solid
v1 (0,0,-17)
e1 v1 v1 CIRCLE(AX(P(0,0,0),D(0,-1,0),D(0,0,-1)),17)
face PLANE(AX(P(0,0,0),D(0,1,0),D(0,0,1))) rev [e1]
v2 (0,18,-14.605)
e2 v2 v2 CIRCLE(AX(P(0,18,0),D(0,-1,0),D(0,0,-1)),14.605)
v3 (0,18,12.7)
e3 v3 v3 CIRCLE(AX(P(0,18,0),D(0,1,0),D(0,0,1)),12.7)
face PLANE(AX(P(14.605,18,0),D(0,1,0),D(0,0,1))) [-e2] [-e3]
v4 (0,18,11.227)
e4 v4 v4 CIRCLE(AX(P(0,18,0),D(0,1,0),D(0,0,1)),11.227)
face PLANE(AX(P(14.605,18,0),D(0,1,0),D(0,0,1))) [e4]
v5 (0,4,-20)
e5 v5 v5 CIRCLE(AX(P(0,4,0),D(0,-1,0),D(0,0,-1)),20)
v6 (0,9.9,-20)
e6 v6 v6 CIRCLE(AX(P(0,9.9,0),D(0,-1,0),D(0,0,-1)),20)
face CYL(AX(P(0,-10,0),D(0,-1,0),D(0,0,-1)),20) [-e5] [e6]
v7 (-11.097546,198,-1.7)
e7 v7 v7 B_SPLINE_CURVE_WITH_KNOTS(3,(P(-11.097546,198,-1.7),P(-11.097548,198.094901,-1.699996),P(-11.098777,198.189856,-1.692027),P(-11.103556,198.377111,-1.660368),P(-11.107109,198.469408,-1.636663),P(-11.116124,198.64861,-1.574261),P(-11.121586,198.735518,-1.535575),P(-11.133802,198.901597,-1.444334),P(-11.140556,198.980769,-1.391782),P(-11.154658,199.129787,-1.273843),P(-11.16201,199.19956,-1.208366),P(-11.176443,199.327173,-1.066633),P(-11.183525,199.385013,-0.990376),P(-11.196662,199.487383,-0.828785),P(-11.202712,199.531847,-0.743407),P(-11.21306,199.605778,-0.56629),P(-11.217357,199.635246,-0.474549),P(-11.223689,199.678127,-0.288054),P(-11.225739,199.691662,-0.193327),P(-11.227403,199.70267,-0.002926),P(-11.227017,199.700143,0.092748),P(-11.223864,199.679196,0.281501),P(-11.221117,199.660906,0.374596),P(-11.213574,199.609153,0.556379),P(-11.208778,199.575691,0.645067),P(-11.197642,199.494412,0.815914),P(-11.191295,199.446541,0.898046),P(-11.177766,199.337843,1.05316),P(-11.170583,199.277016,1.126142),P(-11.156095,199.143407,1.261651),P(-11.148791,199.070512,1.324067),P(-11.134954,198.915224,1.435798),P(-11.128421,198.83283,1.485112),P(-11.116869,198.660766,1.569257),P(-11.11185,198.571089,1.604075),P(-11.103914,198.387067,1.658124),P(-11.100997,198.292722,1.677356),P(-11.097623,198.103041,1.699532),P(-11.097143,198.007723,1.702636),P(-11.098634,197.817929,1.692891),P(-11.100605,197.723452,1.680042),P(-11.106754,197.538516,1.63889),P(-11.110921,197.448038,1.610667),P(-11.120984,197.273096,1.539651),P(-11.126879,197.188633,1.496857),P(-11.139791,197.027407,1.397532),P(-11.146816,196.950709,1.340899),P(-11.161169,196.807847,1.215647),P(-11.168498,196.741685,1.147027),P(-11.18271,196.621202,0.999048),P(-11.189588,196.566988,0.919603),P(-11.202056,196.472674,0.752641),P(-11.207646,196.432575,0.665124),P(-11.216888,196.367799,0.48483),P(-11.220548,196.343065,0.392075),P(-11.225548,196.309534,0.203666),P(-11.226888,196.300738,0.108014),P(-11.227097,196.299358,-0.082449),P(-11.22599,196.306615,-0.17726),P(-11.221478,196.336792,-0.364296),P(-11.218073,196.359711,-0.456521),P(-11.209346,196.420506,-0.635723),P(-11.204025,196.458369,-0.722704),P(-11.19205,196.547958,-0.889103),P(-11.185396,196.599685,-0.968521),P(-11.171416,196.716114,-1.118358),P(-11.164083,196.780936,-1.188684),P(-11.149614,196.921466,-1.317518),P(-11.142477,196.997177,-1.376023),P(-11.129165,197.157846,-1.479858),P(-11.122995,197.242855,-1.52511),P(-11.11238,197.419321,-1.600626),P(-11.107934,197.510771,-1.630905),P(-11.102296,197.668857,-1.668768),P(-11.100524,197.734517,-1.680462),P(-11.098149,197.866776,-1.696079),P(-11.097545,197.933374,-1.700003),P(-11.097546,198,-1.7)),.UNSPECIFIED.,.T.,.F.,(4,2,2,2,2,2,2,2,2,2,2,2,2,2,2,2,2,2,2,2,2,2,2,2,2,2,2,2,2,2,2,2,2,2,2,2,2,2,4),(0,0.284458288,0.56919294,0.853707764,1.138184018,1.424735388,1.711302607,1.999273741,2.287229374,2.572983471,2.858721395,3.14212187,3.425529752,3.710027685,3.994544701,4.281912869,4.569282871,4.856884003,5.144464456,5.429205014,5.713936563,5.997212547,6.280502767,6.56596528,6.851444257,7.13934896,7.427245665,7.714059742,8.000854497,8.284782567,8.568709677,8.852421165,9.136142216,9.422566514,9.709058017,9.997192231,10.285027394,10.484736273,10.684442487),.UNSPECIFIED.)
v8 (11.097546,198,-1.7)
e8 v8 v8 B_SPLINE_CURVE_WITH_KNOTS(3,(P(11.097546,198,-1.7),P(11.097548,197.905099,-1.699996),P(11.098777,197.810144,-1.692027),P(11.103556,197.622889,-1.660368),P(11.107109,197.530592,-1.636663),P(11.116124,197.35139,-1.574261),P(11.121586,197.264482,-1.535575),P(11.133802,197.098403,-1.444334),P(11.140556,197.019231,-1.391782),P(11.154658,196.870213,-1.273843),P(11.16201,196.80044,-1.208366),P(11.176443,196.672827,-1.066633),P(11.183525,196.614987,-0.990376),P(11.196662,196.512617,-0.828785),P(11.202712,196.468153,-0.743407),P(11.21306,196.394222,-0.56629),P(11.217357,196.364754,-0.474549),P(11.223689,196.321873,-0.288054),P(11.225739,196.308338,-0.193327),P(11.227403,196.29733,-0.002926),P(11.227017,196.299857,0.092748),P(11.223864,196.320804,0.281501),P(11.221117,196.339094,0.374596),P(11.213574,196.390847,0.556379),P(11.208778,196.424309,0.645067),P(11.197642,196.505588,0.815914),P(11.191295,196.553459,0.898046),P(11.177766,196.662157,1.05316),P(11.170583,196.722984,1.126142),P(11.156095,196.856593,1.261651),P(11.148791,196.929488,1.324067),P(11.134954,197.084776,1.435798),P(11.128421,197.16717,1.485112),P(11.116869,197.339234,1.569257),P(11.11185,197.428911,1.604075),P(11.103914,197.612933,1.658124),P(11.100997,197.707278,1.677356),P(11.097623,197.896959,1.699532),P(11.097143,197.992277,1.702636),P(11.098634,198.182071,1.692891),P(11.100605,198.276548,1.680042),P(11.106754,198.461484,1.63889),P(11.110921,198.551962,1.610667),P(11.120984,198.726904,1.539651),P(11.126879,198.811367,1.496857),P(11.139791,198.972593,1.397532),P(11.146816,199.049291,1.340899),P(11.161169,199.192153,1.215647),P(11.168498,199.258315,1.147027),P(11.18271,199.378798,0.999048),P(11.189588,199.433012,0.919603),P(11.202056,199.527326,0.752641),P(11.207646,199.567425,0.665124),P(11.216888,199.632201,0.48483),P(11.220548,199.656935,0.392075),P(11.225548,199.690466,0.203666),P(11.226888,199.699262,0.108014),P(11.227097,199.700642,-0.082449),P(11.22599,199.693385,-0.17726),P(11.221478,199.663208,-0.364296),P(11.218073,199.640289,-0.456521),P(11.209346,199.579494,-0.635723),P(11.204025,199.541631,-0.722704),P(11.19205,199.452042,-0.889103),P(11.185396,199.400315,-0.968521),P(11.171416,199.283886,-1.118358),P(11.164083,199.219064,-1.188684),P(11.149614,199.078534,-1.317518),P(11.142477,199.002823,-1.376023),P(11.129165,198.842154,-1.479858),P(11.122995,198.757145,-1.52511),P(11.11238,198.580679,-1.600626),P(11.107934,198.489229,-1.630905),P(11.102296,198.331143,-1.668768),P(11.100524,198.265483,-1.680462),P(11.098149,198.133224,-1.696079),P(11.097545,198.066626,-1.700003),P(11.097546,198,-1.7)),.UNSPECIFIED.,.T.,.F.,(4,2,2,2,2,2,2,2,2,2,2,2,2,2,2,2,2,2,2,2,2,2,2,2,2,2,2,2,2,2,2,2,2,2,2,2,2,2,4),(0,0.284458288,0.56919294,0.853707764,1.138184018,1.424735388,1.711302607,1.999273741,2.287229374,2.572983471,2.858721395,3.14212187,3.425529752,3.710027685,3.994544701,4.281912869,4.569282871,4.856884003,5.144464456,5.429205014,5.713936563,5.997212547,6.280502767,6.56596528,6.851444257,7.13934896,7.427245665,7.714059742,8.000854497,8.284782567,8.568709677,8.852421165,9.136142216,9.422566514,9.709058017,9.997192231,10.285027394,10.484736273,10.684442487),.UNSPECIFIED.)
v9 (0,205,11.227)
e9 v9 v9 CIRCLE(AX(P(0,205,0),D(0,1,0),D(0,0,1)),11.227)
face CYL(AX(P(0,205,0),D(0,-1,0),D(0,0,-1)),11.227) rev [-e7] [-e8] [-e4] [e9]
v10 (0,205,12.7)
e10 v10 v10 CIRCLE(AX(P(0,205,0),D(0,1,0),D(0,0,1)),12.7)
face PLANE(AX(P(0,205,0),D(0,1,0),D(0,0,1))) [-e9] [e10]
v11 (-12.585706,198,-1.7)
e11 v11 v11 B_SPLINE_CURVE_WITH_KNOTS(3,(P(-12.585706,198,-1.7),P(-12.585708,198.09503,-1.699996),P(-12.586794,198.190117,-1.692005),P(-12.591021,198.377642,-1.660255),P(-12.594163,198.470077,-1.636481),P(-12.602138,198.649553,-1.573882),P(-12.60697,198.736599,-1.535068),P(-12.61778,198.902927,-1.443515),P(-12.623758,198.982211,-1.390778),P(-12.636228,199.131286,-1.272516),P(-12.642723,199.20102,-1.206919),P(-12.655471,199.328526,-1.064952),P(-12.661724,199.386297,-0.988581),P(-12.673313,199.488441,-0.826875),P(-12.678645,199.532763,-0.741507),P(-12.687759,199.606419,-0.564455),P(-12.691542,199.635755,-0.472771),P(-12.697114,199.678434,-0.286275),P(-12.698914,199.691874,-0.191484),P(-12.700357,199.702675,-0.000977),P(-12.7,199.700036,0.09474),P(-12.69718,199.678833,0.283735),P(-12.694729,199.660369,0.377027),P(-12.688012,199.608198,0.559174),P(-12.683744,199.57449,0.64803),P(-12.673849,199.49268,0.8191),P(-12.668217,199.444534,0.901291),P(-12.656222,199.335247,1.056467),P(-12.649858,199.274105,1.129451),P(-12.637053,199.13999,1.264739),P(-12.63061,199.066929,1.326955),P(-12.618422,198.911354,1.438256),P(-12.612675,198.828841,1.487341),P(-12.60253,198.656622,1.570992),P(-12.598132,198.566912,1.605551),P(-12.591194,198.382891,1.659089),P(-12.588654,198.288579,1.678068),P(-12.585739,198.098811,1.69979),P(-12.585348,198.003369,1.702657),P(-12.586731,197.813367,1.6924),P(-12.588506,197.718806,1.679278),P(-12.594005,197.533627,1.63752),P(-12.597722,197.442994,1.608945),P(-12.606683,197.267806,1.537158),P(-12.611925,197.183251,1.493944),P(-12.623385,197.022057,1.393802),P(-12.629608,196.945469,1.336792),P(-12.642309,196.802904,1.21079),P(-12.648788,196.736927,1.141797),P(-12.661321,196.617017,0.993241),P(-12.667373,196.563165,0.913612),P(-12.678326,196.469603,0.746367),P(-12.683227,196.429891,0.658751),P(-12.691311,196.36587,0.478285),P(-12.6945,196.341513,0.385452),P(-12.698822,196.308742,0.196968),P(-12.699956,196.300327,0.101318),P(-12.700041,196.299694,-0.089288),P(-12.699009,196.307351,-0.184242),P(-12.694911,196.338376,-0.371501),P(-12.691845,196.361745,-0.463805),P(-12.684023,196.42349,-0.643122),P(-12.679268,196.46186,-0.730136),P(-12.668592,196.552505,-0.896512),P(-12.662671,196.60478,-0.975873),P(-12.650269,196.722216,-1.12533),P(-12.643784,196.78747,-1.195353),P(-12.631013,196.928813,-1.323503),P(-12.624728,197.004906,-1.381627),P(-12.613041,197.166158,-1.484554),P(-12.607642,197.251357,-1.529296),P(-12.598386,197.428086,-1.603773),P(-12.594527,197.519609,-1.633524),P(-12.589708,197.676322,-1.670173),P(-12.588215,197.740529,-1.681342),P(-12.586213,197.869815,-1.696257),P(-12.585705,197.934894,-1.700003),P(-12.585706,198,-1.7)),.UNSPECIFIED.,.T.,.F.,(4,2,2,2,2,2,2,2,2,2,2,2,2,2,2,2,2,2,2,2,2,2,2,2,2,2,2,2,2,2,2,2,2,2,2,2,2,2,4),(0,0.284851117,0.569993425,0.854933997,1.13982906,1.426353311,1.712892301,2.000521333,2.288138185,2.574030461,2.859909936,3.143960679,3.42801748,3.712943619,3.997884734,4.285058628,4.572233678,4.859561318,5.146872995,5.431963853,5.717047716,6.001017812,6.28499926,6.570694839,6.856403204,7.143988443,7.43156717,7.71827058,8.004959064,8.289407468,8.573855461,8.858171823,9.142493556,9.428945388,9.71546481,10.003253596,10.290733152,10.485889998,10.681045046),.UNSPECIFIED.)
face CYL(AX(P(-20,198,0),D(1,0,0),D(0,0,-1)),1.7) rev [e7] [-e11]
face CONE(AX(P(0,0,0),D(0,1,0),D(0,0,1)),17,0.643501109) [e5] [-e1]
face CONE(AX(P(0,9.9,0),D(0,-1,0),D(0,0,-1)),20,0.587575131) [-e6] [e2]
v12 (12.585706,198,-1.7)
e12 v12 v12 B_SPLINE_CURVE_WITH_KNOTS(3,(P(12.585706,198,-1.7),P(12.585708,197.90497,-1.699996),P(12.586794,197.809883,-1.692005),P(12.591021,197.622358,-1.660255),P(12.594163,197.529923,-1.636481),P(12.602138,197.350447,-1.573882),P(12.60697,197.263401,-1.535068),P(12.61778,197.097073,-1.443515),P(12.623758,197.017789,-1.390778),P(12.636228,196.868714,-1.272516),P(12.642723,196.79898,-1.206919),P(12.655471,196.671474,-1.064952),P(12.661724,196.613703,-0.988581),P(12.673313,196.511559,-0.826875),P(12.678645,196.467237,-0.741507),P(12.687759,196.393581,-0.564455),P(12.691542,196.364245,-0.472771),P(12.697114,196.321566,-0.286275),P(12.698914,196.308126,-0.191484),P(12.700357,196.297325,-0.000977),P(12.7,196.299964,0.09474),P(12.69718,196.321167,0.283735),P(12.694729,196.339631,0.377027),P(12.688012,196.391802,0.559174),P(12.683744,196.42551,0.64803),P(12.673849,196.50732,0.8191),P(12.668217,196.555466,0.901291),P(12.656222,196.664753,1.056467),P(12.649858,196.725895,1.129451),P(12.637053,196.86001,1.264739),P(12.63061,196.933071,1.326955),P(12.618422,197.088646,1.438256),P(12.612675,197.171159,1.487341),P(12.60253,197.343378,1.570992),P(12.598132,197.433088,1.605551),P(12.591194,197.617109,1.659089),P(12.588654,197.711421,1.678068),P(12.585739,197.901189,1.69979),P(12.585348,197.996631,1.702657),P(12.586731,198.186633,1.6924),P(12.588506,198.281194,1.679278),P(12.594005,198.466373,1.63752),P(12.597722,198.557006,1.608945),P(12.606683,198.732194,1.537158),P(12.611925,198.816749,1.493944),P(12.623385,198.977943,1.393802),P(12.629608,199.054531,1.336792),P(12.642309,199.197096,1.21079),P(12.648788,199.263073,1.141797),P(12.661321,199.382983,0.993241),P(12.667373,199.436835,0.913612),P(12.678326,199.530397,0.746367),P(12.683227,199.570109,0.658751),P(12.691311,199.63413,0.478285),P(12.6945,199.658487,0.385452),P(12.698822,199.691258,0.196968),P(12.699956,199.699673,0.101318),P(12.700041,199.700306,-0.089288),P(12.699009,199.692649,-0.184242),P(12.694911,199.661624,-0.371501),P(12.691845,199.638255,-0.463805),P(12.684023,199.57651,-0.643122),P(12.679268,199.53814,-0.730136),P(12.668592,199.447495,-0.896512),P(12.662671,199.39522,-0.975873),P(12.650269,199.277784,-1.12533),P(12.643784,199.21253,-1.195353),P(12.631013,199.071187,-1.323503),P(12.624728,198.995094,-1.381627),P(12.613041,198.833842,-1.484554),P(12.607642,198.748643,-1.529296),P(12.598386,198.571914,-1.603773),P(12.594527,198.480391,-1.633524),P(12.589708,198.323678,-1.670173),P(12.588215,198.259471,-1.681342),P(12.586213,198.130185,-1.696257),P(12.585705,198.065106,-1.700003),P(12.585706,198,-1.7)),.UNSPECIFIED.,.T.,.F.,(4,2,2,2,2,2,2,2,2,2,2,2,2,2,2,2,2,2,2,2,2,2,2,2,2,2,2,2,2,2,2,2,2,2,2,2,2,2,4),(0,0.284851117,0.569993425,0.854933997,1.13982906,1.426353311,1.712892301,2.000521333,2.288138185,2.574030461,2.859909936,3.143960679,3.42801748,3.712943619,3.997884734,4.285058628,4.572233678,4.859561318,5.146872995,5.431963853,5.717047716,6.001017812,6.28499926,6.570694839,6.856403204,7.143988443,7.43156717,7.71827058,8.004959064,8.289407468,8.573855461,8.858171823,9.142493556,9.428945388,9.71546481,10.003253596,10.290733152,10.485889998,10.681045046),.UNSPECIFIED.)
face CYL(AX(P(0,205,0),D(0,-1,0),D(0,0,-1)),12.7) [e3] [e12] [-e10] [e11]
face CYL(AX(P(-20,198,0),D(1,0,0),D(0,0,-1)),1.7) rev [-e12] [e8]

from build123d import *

# Parameters (mm, degrees)
SKETCH1_R               = 12.7
SKETCH1_R_2             = 11.227
BOSS_EXTRUDE1_DEPTH     = 205
CUT_EXTRUDE1_DEPTH      = 207.942020866
CUT_EXTRUDE1_DEPTH_BACK = 207.942020866
SKETCH3_R               = 1.7


with BuildPart() as part:
    # Sketch1 → Boss-Extrude1 (new body)
    with BuildSketch(Plane(origin=(0, 0, 0), x_dir=(1, 0, 0), z_dir=(0, 1, 0))):
        with Locations(Location((0, 0, 0), (0, 0, 90))):
            Circle(SKETCH1_R)
        with Locations(Location((0, 0, 0), (0, 0, 90))):
            Circle(SKETCH1_R_2, mode=Mode.SUBTRACT)
    extrude(amount=BOSS_EXTRUDE1_DEPTH)

    # Sketch2 → Revolve1 (revolve)
    with BuildSketch(Plane.XY, mode=Mode.PRIVATE) as revolve1_sk:
        Polygon((0, 0), (17, 0), (20, 4), (20, 9.9), (14.605, 18), (0, 18), align=None)
    revolve(revolve1_sk.sketch.rotate(Axis((0, -10, 0), (0, 1, 0)), 90), axis=Axis((0, -10, 0), (0, 1, 0)))

    # Sketch3 → Cut-Extrude1 (cut, two sides: drawn at the far end of the back side and taken through both)
    with BuildSketch(Plane(origin=(0, 0, 0), x_dir=(0, 0, -1), z_dir=(1, 0, 0)).offset(-CUT_EXTRUDE1_DEPTH_BACK)):
        with Locations((0, 198)):
            Circle(SKETCH3_R)
    extrude(amount=CUT_EXTRUDE1_DEPTH + CUT_EXTRUDE1_DEPTH_BACK, mode=Mode.SUBTRACT)


solid = part.part
